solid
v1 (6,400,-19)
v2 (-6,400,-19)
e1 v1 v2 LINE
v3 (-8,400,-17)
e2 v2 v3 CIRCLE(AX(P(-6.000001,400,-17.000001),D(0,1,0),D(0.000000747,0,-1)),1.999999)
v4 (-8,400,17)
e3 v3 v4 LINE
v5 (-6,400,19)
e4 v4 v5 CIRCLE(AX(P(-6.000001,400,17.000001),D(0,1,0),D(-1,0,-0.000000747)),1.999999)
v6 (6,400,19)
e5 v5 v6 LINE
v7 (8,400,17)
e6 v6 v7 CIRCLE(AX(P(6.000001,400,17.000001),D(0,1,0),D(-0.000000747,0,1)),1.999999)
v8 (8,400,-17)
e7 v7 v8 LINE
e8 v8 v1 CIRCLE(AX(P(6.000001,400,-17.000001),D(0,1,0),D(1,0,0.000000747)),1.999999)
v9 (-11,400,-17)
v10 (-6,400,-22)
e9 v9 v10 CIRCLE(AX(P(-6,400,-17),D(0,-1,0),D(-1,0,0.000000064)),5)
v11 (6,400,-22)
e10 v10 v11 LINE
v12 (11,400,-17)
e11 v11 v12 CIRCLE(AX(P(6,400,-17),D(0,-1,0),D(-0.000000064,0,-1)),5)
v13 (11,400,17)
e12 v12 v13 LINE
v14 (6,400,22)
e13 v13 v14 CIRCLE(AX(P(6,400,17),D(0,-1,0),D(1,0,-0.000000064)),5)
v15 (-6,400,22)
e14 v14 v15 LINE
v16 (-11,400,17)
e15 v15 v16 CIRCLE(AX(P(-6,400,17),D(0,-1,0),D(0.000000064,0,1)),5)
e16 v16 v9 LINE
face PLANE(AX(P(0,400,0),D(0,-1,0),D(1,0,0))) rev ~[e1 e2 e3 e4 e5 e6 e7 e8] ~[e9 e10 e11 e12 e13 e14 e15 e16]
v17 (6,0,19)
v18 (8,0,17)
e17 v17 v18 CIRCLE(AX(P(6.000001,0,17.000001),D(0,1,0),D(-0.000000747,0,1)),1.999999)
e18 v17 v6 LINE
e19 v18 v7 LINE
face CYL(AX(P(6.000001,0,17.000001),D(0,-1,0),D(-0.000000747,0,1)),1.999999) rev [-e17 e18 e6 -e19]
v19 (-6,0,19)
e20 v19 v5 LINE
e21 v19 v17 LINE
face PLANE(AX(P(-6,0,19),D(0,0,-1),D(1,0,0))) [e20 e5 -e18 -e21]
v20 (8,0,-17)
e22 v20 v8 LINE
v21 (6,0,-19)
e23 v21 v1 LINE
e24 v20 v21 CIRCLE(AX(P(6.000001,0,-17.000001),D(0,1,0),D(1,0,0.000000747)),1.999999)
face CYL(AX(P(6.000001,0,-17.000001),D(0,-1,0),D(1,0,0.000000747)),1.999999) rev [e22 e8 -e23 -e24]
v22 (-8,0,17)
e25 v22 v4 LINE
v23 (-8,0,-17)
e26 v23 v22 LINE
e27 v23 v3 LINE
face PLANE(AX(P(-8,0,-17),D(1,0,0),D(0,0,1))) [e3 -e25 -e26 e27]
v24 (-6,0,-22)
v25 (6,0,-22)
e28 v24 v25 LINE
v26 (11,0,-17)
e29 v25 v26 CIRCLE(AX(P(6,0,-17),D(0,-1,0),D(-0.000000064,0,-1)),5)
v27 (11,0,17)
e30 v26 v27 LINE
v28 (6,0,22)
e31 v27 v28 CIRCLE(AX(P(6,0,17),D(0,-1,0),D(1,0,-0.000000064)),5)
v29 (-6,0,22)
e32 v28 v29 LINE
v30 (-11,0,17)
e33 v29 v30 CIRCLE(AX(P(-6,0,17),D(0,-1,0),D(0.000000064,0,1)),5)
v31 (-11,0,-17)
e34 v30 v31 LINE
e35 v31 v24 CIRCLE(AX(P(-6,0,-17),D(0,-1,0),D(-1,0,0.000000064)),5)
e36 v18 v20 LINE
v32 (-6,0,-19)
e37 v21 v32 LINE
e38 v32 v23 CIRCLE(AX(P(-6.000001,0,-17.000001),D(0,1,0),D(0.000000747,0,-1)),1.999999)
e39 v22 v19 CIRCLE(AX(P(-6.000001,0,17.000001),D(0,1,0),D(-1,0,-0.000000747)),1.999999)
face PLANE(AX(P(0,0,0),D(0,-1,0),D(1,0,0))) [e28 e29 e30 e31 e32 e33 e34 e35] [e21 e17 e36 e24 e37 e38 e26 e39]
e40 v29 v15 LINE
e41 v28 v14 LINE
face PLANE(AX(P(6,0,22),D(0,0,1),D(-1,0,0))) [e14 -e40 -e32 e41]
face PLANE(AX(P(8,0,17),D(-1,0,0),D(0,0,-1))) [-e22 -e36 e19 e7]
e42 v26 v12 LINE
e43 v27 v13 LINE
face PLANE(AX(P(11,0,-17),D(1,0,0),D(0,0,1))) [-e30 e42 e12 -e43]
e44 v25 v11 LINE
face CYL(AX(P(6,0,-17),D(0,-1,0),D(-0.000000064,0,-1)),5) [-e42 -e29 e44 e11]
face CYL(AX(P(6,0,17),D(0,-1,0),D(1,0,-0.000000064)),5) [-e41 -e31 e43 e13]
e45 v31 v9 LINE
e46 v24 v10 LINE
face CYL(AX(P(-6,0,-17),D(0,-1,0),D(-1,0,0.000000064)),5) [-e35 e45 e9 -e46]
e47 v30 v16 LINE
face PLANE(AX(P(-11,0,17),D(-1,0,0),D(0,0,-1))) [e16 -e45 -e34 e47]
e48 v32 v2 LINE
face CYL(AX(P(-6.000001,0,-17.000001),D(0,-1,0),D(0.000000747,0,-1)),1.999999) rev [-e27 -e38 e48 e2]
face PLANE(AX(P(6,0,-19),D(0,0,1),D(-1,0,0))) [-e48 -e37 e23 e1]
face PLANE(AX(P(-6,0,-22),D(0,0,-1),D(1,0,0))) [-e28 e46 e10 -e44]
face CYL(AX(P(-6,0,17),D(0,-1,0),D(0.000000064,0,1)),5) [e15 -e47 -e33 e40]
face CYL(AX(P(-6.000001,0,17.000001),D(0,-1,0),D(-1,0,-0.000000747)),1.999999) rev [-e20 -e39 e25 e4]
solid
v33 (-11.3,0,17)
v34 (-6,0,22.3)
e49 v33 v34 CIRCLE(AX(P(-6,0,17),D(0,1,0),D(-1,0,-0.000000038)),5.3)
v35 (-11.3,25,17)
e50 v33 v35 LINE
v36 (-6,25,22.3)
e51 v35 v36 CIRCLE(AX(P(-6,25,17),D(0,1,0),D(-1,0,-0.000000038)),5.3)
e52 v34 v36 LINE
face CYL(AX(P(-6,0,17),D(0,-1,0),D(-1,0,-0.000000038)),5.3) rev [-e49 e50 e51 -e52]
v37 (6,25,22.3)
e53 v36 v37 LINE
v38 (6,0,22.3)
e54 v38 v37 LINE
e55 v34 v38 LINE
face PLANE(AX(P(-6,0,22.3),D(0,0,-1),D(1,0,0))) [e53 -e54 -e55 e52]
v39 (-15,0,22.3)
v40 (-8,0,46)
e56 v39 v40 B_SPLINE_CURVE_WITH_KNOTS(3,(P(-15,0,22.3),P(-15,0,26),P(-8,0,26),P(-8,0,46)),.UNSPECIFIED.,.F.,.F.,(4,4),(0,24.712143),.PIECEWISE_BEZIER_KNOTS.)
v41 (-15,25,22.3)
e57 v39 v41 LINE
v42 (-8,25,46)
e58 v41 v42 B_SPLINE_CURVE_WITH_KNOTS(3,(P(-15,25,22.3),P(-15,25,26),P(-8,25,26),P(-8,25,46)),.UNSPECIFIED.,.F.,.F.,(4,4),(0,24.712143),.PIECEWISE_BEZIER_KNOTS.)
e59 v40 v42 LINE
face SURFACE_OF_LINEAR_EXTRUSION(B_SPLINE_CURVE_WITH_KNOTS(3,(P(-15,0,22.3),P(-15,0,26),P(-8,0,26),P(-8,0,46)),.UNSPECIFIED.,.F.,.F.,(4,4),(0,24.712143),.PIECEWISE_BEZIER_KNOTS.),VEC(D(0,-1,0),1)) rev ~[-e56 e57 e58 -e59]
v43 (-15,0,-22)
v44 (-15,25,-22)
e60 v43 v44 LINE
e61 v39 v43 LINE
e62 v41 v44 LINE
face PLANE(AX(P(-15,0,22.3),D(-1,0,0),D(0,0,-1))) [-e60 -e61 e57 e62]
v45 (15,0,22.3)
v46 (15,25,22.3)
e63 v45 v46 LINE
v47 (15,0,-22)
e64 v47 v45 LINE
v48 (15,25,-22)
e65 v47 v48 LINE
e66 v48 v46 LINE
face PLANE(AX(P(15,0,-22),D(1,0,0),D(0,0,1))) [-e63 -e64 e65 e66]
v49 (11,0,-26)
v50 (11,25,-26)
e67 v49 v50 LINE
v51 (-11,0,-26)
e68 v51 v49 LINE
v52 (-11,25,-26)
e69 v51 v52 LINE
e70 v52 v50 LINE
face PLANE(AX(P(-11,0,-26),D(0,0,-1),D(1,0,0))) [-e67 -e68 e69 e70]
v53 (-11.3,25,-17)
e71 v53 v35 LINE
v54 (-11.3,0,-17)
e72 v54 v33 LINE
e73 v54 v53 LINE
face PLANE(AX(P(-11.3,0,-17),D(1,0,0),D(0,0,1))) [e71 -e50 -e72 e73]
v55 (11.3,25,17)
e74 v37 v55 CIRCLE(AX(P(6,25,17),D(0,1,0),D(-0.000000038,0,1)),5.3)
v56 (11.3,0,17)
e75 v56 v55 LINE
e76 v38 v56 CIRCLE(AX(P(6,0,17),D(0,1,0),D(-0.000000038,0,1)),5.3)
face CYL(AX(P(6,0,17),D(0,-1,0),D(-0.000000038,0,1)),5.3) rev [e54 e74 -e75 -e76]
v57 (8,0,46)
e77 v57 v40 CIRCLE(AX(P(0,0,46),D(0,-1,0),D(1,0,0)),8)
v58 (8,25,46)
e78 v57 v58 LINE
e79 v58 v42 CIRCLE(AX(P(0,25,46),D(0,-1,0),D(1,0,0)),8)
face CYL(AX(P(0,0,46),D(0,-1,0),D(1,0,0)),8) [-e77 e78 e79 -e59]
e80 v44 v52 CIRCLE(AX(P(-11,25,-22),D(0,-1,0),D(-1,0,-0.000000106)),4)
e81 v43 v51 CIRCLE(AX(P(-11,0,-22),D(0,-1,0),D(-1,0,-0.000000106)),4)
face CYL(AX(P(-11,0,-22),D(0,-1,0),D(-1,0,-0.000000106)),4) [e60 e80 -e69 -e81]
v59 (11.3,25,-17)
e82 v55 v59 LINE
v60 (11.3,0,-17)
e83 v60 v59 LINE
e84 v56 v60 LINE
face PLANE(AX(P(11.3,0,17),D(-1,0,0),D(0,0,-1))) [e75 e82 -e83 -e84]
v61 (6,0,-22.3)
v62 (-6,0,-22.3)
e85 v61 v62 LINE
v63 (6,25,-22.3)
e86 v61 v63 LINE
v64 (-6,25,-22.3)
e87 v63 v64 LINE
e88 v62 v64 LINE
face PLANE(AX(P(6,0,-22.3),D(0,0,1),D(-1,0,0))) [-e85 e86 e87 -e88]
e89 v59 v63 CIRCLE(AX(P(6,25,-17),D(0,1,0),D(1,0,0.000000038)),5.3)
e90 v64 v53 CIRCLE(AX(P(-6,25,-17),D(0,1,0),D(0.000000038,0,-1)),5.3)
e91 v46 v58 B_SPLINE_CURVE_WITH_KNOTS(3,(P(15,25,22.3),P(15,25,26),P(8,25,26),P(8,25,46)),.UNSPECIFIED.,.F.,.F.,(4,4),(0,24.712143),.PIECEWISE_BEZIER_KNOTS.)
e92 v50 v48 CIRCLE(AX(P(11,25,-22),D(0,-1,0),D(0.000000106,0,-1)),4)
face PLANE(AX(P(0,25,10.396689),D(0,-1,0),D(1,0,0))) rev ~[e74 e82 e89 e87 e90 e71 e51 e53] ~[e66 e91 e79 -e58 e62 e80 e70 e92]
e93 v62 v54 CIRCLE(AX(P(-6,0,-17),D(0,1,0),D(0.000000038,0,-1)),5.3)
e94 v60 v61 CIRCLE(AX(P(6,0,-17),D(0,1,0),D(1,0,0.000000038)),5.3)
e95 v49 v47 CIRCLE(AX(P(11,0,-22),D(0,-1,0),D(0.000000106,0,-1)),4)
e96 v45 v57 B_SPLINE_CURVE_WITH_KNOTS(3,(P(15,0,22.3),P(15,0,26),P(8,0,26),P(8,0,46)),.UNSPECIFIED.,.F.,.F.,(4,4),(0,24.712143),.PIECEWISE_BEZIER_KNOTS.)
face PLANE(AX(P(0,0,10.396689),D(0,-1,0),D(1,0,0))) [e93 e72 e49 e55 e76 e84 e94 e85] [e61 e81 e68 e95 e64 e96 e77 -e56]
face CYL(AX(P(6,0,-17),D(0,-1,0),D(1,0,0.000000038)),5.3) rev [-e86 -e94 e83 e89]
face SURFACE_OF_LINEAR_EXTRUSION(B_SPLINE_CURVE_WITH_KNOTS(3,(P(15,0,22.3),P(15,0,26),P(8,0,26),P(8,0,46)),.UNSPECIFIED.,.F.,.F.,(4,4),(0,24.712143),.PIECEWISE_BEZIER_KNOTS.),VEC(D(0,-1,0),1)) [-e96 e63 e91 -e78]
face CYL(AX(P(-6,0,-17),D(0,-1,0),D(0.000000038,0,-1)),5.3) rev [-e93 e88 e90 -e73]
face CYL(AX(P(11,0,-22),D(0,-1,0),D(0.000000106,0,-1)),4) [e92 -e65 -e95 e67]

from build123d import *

# Parameters (mm, degrees)
F1_DEPTH = 400
F3_DEPTH = 25


with BuildPart() as f1:
    # F0 (on Front) → F1 (new body)
    with BuildSketch(Plane.XZ):
        with BuildLine():
            Line((6, 22), (-6, 22))
            ThreePointArc((-6, 22), (-9.535534, 20.535534), (-11, 17))
            Line((-11, 17), (-11, -17))
            ThreePointArc((-11, -17), (-9.535534, -20.535534), (-6, -22))
            Line((-6, -22), (6, -22))
            ThreePointArc((6, -22), (9.535534, -20.535534), (11, -17))
            Line((11, -17), (11, 17))
            ThreePointArc((11, 17), (9.535534, 20.535534), (6, 22))
        make_face()
        with BuildLine():
            ThreePointArc((-8, 17), (-7.414214, 18.414214), (-6, 19))
            Line((-6, 19), (6, 19))
            ThreePointArc((6, 19), (7.414214, 18.414214), (8, 17))
            Line((8, 17), (8, -17))
            ThreePointArc((8, -17), (7.414214, -18.414214), (6, -19))
            Line((6, -19), (-6, -19))
            ThreePointArc((-6, -19), (-7.414214, -18.414214), (-8, -17))
            Line((-8, -17), (-8, 17))
        make_face(mode=Mode.SUBTRACT)
    extrude(amount=-F1_DEPTH)


with BuildPart() as f3:
    # F2 (on Front) → F3 (new body)
    with BuildSketch(Plane.XZ):
        with BuildLine():
            ThreePointArc((-15, -22), (-13.828427, -24.828427), (-11, -26))
            Line((-11, -26), (11, -26))
            ThreePointArc((11, -26), (13.828427, -24.828427), (15, -22))
            Line((15, -22), (15, 22.3))
            add(Edge.make_bspline(
                [(15, 22.3), (15, 26), (8, 26), (8, 46)],
                knots=[0, 0, 0, 0, 24.712143, 24.712143, 24.712143, 24.712143], degree=3))
            ThreePointArc((8, 46), (0, 54), (-8, 46))
            add(Edge.make_bspline(
                [(-15, 22.3), (-15, 26), (-8, 26), (-8, 46)],
                knots=[0, 0, 0, 0, 24.712143, 24.712143, 24.712143, 24.712143], degree=3))
            Line((-15, 22.3), (-15, -22))
        make_face()
        with BuildLine():
            ThreePointArc((6, 22.3), (9.747666, 20.747666), (11.3, 17))
            Line((11.3, 17), (11.3, -17))
            ThreePointArc((11.3, -17), (9.747666, -20.747666), (6, -22.3))
            Line((6, -22.3), (-6, -22.3))
            ThreePointArc((-6, -22.3), (-9.747666, -20.747666), (-11.3, -17))
            Line((-11.3, -17), (-11.3, 17))
            ThreePointArc((-11.3, 17), (-9.747666, 20.747666), (-6, 22.3))
            Line((-6, 22.3), (6, 22.3))
        make_face(mode=Mode.SUBTRACT)
    extrude(amount=-F3_DEPTH)


solid = Compound([f1.part, f3.part])
